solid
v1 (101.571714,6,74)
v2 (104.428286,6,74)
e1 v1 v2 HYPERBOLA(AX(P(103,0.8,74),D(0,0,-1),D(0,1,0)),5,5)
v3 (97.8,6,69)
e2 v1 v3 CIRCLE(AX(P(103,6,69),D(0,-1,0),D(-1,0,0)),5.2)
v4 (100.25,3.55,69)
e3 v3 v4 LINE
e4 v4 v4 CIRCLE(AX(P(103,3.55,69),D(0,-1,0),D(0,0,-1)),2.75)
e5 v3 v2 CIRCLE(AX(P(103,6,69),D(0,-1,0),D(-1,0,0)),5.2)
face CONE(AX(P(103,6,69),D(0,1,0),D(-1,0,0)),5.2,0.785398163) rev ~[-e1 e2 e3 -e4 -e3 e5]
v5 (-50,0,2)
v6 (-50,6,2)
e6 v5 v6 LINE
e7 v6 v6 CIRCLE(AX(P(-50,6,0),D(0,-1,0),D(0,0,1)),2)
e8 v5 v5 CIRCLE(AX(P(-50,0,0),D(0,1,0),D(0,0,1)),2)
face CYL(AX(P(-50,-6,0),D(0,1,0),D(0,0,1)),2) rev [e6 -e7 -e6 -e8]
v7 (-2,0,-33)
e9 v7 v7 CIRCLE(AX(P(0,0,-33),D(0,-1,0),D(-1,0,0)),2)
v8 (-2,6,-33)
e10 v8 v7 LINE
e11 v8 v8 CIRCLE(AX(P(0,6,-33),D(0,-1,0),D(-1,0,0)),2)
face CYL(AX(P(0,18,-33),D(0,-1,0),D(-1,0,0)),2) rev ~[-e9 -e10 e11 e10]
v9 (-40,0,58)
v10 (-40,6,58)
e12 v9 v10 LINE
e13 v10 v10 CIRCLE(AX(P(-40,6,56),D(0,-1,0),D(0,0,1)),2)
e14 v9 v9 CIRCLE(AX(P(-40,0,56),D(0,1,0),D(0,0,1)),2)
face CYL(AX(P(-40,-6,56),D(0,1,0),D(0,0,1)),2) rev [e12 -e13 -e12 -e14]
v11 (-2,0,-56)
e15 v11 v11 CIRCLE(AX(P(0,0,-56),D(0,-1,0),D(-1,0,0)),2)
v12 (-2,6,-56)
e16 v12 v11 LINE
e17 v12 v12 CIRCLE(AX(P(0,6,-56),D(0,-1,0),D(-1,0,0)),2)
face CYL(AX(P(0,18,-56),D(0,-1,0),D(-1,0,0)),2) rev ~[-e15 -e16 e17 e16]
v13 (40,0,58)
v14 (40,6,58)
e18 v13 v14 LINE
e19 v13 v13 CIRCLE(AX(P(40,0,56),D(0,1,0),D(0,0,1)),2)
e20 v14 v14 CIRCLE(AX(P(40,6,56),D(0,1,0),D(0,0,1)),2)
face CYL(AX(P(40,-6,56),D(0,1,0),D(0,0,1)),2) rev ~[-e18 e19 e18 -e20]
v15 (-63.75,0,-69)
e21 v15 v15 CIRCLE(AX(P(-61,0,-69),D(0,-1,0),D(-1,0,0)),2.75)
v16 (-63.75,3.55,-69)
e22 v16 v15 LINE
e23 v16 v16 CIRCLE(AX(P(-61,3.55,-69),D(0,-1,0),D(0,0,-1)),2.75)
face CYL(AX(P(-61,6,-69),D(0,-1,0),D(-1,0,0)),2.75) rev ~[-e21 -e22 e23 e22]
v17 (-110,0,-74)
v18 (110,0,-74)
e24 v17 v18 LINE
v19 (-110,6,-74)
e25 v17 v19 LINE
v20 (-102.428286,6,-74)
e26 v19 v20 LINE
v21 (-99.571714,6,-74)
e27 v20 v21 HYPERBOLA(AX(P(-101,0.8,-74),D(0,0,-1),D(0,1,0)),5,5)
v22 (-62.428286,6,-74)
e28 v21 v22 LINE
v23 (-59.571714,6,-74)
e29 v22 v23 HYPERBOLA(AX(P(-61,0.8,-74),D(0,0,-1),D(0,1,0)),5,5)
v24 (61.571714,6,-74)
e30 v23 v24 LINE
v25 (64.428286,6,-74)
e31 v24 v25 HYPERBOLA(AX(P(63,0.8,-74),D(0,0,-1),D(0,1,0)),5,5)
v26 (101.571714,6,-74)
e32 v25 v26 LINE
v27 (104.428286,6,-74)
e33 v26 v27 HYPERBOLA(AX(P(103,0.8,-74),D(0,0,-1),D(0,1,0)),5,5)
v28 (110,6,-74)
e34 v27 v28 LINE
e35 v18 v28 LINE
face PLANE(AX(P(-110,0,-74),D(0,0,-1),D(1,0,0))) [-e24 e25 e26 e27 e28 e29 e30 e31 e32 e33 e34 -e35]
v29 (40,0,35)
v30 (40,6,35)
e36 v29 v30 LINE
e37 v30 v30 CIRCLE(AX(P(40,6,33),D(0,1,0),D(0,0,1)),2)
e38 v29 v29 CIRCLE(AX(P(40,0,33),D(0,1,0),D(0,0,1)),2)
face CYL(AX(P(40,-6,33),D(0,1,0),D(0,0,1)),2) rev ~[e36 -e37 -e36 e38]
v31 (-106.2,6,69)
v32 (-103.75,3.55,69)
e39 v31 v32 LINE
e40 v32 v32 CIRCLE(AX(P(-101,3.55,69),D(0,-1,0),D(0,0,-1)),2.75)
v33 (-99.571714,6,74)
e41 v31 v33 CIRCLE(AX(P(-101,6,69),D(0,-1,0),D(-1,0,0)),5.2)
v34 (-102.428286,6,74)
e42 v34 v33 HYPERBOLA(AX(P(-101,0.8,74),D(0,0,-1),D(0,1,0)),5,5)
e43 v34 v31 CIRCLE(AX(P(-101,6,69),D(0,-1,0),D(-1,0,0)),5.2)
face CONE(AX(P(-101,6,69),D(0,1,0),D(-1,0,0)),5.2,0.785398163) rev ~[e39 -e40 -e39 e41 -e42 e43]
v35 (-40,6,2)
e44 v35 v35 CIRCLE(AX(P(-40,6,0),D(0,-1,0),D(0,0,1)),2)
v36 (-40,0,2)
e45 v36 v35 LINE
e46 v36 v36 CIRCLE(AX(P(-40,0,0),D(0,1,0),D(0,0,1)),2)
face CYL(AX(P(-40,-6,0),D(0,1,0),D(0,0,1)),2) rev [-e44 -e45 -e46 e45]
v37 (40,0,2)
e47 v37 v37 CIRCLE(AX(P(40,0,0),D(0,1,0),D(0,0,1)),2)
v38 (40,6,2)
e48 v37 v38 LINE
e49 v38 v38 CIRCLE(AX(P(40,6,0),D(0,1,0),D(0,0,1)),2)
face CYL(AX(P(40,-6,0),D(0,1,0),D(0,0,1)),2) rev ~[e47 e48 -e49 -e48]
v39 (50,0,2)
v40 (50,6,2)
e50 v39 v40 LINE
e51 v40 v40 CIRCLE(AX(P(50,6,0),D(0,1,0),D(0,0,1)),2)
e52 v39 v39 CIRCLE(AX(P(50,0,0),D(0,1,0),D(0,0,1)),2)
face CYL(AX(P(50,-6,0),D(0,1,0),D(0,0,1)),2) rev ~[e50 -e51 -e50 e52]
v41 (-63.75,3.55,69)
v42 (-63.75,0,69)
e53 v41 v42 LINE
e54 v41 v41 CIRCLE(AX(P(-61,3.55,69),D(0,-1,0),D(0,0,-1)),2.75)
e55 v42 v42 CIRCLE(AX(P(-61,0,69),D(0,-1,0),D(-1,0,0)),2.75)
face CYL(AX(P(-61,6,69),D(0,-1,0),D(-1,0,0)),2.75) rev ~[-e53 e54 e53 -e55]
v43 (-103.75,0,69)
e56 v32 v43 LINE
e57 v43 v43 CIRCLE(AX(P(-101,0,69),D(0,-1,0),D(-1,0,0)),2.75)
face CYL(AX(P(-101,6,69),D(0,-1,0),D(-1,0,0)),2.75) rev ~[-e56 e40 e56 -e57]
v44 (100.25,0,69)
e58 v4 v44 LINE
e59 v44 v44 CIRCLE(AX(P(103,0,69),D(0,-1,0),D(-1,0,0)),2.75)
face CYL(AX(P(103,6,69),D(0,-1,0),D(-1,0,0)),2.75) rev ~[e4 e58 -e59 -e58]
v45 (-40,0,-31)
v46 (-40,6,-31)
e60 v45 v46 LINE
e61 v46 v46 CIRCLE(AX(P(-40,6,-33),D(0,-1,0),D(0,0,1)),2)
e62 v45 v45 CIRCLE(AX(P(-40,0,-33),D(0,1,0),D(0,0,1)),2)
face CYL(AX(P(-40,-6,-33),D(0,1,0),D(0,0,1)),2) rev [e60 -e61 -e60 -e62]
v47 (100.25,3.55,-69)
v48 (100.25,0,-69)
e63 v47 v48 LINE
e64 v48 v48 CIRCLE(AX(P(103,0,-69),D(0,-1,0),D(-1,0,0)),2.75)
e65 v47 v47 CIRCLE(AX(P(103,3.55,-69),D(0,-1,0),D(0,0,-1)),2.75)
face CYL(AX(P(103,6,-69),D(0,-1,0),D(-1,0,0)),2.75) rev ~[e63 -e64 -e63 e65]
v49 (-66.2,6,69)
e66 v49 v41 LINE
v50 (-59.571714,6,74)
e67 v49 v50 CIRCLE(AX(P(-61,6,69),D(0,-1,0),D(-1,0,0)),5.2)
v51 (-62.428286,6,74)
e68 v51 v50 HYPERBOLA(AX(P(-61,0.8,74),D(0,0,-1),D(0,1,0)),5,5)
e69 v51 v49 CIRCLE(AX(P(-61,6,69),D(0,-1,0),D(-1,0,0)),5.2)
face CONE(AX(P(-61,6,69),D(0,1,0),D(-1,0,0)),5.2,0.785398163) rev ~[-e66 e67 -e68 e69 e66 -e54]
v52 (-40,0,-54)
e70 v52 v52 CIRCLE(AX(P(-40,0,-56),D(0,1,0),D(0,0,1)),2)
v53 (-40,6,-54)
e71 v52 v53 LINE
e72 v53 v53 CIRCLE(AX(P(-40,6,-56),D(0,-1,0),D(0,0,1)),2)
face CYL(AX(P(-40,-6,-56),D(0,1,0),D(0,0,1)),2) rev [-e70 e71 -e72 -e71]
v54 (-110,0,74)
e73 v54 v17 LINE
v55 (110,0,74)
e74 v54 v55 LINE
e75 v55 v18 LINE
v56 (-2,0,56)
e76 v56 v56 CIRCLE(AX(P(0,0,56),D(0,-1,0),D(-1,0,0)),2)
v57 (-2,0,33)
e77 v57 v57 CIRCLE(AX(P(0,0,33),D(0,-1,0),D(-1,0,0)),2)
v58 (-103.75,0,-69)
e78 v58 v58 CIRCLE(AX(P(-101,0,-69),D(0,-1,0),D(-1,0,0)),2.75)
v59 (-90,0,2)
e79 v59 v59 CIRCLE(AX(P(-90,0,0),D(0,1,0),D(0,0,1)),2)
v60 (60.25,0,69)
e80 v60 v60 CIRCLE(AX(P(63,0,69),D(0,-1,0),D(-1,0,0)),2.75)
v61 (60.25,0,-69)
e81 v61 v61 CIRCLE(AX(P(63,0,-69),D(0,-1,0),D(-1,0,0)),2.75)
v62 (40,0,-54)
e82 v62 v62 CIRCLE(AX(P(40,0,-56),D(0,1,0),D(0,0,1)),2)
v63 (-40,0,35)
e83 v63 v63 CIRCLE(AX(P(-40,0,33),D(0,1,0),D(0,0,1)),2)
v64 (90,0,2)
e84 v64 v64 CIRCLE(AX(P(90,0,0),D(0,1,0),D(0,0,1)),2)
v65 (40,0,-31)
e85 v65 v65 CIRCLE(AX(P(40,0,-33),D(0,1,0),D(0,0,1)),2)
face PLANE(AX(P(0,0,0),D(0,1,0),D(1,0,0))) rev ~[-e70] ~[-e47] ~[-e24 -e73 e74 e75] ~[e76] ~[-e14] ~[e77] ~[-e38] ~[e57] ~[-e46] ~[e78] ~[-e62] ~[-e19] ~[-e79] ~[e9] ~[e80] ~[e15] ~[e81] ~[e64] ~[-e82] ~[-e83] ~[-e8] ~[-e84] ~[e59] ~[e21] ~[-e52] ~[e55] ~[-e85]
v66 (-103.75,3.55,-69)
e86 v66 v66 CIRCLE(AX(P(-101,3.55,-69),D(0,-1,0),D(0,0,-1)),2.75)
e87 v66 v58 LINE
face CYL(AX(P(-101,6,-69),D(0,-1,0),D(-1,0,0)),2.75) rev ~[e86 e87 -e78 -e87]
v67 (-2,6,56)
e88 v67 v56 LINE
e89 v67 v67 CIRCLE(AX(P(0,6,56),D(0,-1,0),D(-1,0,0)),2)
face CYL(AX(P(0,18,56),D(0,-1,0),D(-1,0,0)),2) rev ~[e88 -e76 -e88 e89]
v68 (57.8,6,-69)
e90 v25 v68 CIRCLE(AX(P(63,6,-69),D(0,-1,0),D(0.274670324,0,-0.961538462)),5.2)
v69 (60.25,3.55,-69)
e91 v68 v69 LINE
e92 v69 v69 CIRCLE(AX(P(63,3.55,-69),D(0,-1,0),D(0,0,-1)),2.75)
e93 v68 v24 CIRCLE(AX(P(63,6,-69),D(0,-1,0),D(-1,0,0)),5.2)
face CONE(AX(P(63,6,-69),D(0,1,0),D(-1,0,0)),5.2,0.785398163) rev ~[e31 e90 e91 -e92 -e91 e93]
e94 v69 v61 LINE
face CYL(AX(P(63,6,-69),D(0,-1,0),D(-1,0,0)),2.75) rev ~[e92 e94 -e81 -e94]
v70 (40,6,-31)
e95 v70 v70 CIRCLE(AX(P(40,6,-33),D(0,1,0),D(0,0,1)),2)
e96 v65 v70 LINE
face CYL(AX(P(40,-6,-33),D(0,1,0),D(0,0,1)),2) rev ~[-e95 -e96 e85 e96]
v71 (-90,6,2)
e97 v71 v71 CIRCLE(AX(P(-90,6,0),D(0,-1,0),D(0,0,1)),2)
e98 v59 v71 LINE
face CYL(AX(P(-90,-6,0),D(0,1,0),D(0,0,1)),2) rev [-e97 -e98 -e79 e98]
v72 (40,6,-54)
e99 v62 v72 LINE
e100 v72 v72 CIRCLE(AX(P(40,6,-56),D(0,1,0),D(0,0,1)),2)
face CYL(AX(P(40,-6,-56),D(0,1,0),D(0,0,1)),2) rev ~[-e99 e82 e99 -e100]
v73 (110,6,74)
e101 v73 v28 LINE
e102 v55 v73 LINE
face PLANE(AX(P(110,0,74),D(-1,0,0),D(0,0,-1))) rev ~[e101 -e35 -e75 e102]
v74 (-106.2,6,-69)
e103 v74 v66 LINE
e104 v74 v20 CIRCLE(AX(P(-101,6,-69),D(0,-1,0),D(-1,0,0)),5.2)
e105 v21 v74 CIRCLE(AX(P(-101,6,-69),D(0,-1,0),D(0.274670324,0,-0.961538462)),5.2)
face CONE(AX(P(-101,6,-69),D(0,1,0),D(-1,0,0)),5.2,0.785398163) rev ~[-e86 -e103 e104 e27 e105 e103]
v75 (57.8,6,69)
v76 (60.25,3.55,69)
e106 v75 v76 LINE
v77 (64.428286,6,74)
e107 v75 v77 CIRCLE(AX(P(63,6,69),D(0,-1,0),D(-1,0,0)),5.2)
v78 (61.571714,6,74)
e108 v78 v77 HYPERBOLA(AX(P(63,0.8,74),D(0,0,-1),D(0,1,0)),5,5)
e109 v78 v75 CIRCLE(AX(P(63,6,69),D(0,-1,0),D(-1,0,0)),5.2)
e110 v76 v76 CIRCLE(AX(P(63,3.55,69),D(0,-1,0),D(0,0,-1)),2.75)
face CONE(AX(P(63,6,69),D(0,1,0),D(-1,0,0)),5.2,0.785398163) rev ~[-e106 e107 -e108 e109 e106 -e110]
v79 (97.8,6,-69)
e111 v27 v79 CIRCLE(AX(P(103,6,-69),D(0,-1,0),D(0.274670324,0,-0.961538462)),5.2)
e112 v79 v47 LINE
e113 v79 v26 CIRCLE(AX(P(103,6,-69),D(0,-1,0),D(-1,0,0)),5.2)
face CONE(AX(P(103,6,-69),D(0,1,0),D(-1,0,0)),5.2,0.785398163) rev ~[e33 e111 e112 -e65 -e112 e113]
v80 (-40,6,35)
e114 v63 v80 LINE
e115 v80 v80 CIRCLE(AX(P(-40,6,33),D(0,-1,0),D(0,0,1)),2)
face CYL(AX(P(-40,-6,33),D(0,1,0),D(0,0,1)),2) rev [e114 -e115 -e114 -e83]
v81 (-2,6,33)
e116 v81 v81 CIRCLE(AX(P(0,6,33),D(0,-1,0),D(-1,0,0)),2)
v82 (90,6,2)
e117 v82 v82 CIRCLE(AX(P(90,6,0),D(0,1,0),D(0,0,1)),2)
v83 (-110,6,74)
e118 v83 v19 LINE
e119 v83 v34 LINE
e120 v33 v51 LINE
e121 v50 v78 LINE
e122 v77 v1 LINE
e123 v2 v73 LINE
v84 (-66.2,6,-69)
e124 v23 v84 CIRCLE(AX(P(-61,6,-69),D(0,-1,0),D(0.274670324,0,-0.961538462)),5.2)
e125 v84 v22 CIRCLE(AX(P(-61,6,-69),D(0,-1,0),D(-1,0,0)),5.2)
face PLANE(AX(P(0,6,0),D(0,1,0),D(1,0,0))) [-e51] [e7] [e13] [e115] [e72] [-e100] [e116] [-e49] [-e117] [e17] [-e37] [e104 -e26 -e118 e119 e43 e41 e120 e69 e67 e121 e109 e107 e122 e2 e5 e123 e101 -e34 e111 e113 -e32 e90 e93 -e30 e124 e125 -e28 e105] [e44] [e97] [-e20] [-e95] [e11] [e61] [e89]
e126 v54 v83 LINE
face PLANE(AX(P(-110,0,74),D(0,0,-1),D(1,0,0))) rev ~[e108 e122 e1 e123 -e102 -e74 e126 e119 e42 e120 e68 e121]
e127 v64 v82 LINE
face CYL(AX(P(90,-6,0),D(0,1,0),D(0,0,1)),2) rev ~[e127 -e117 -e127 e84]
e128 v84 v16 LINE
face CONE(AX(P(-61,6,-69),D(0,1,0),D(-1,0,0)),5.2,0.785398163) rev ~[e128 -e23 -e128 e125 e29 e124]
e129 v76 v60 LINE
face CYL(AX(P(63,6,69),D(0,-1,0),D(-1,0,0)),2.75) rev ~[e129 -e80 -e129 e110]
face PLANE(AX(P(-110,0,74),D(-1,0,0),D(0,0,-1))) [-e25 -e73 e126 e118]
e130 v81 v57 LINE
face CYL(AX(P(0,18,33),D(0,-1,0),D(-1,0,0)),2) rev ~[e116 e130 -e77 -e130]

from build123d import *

# Parameters (mm, degrees)
SKETCH1_W                                       = 220
SKETCH1_H                                       = 148
BOSS_EXTRUDE1_DEPTH                             = 6
CSK_FOR_M5_FLAT_HEAD_MACHINE_SCREW2_D           = 5.5
CSK_FOR_M5_FLAT_HEAD_MACHINE_SCREW2_CSINK_D     = 10.4
CSK_FOR_M5_FLAT_HEAD_MACHINE_SCREW2_CSINK_ANGLE = 90
F_4_0MM_DOWEL_HOLE1_D                           = 4
F_4_0MM_DOWEL_HOLE1_DEPTH                       = 12
F_4_0MM_DOWEL_HOLE1_TIP                         = 1.201721238
F_4_0MM_DOWEL_HOLE2_AT_2_COUNT                  = 2
F_4_0MM_DOWEL_HOLE2_AT_2_PITCH                  = 23
F_4_0MM_DOWEL_HOLE2_AT_3_COUNT                  = 2
F_4_0MM_DOWEL_HOLE2_AT_3_PITCH                  = 33
F_4_0MM_DOWEL_HOLE2_AT_4_COUNT                  = 2
F_4_0MM_DOWEL_HOLE2_AT_4_PITCH                  = 34.481879299
F_4_0MM_DOWEL_HOLE2_AT_5_COUNT                  = 2
F_4_0MM_DOWEL_HOLE2_AT_5_PITCH                  = 59.908263203
F_4_0MM_DOWEL_HOLE2_AT_6_COUNT                  = 2
F_4_0MM_DOWEL_HOLE2_AT_6_PITCH                  = 89
F_4_0MM_DOWEL_HOLE2_AT_7_COUNT                  = 2
F_4_0MM_DOWEL_HOLE2_AT_7_PITCH                  = 66


with BuildPart() as part:
    # Sketch1 → Boss-Extrude1 (new body)
    with BuildSketch(Plane(origin=(0, 0, 0), x_dir=(1, 0, 0), z_dir=(0, 1, 0))):
        Rectangle(SKETCH1_W, SKETCH1_H)
    extrude(amount=BOSS_EXTRUDE1_DEPTH)

    # CSK for M5 Flat Head Machine Screw2 (through all)
    with Locations(Plane(origin=(0, 6, 0), x_dir=(1, 0, 0), z_dir=(0, 1, 0))):
        with Locations((103, -69), (63, -69), (-101, -69), (-61, -69), (103, 69), (63, 69), (-61, 69), (-101, 69)):
            CounterSinkHole(CSK_FOR_M5_FLAT_HEAD_MACHINE_SCREW2_D / 2, CSK_FOR_M5_FLAT_HEAD_MACHINE_SCREW2_CSINK_D / 2, counter_sink_angle=CSK_FOR_M5_FLAT_HEAD_MACHINE_SCREW2_CSINK_ANGLE)

    # Ø4.0mm Dowel Hole1
    with Locations(Plane(origin=(0, 6, 0), x_dir=(1, 0, 0), z_dir=(0, 1, 0))):
        with Locations((0, 56), (0, 33), (0, -33), (0, -56)):
            Hole(F_4_0MM_DOWEL_HOLE1_D / 2, depth=F_4_0MM_DOWEL_HOLE1_DEPTH)
            with Locations((0, 0, -(F_4_0MM_DOWEL_HOLE1_DEPTH + F_4_0MM_DOWEL_HOLE1_TIP / 2))):  # 118° drill point
                Cone(0, F_4_0MM_DOWEL_HOLE1_D / 2, F_4_0MM_DOWEL_HOLE1_TIP, mode=Mode.SUBTRACT)

    # Sketch8 → Ø4.0mm Dowel Hole2 (revolve, cut)
    with BuildSketch(Plane(origin=(-40, 6, -33), x_dir=(0, 0, 1), z_dir=(1, 0, 0))):
        Polygon((0, 0), (0, 13.201721238), (2, 12), (2, 0), align=None)
    f_4_0mm_dowel_hole2 = revolve(axis=Axis((-40, 12.35, -33), (0, -1, 0)), mode=Mode.SUBTRACT)

    # Ø4.0mm Dowel Hole2 at 2: Ø4.0mm Dowel Hole2 ×2
    with Locations(*[(0, 0, -i * F_4_0MM_DOWEL_HOLE2_AT_2_PITCH) for i in range(1, F_4_0MM_DOWEL_HOLE2_AT_2_COUNT)]):
        add(f_4_0mm_dowel_hole2, mode=Mode.SUBTRACT)

    # Ø4.0mm Dowel Hole2 at 3: Ø4.0mm Dowel Hole2 ×2
    with Locations(*[(0, 0, i * F_4_0MM_DOWEL_HOLE2_AT_3_PITCH) for i in range(1, F_4_0MM_DOWEL_HOLE2_AT_3_COUNT)]):
        add(f_4_0mm_dowel_hole2, mode=Mode.SUBTRACT)

    # Ø4.0mm Dowel Hole2 at 4: Ø4.0mm Dowel Hole2 ×2
    with Locations(*[Vector(-0.290007395, 0, 0.957024404) * (i * F_4_0MM_DOWEL_HOLE2_AT_4_PITCH) for i in range(1, F_4_0MM_DOWEL_HOLE2_AT_4_COUNT)]):
        add(f_4_0mm_dowel_hole2, mode=Mode.SUBTRACT)

    # Ø4.0mm Dowel Hole2 at 5: Ø4.0mm Dowel Hole2 ×2
    with Locations(*[Vector(-0.834609407, 0, 0.550842208) * (i * F_4_0MM_DOWEL_HOLE2_AT_5_PITCH) for i in range(1, F_4_0MM_DOWEL_HOLE2_AT_5_COUNT)]):
        add(f_4_0mm_dowel_hole2, mode=Mode.SUBTRACT)

    # Ø4.0mm Dowel Hole2 at 6: Ø4.0mm Dowel Hole2 ×2
    with Locations(*[(0, 0, i * F_4_0MM_DOWEL_HOLE2_AT_6_PITCH) for i in range(1, F_4_0MM_DOWEL_HOLE2_AT_6_COUNT)]):
        add(f_4_0mm_dowel_hole2, mode=Mode.SUBTRACT)

    # Ø4.0mm Dowel Hole2 at 7: Ø4.0mm Dowel Hole2 ×2
    with Locations(*[(0, 0, i * F_4_0MM_DOWEL_HOLE2_AT_7_PITCH) for i in range(1, F_4_0MM_DOWEL_HOLE2_AT_7_COUNT)]):
        add(f_4_0mm_dowel_hole2, mode=Mode.SUBTRACT)

    # Mirror1: Ø4.0mm Dowel Hole2 across plane
    add(f_4_0mm_dowel_hole2.mirror(Plane(origin=(0, 0, 0), x_dir=(0, 0, 1), z_dir=(1, 0, 0))), mode=Mode.SUBTRACT)

    # Mirror1 copy 1 sketch → Mirror1 copy 1 (revolve, cut)
    with BuildSketch(Plane(origin=(40, 6, -56), x_dir=(0, 0, 1), z_dir=(-1, 0, 0))):
        Polygon((0, 0), (0, -13.201721238), (2, -12), (2, 0), align=None)
    revolve(axis=Axis((40, 12.35, -56), (0, 1, 0)), mode=Mode.SUBTRACT)

    # Mirror1 copy 2 sketch → Mirror1 copy 2 (revolve, cut)
    with BuildSketch(Plane(origin=(40, 6, 0), x_dir=(0, 0, 1), z_dir=(-1, 0, 0))):
        Polygon((0, 0), (0, -13.201721238), (2, -12), (2, 0), align=None)
    revolve(axis=Axis((40, 12.35, 0), (0, 1, 0)), mode=Mode.SUBTRACT)

    # Mirror1 copy 3 sketch → Mirror1 copy 3 (revolve, cut)
    with BuildSketch(Plane(origin=(50, 6, 0), x_dir=(0, 0, 1), z_dir=(-1, 0, 0))):
        Polygon((0, 0), (0, -13.201721238), (2, -12), (2, 0), align=None)
    revolve(axis=Axis((50, 12.35, 0), (0, 1, 0)), mode=Mode.SUBTRACT)

    # Mirror1 copy 4 sketch → Mirror1 copy 4 (revolve, cut)
    with BuildSketch(Plane(origin=(90, 6, 0), x_dir=(0, 0, 1), z_dir=(-1, 0, 0))):
        Polygon((0, 0), (0, -13.201721238), (2, -12), (2, 0), align=None)
    revolve(axis=Axis((90, 12.35, 0), (0, 1, 0)), mode=Mode.SUBTRACT)

    # Mirror1 copy 5 sketch → Mirror1 copy 5 (revolve, cut)
    with BuildSketch(Plane(origin=(40, 6, 56), x_dir=(0, 0, 1), z_dir=(-1, 0, 0))):
        Polygon((0, 0), (0, -13.201721238), (2, -12), (2, 0), align=None)
    revolve(axis=Axis((40, 12.35, 56), (0, 1, 0)), mode=Mode.SUBTRACT)

    # Mirror1 copy 6 sketch → Mirror1 copy 6 (revolve, cut)
    with BuildSketch(Plane(origin=(40, 6, 33), x_dir=(0, 0, 1), z_dir=(-1, 0, 0))):
        Polygon((0, 0), (0, -13.201721238), (2, -12), (2, 0), align=None)
    revolve(axis=Axis((40, 12.35, 33), (0, 1, 0)), mode=Mode.SUBTRACT)


solid = part.part
